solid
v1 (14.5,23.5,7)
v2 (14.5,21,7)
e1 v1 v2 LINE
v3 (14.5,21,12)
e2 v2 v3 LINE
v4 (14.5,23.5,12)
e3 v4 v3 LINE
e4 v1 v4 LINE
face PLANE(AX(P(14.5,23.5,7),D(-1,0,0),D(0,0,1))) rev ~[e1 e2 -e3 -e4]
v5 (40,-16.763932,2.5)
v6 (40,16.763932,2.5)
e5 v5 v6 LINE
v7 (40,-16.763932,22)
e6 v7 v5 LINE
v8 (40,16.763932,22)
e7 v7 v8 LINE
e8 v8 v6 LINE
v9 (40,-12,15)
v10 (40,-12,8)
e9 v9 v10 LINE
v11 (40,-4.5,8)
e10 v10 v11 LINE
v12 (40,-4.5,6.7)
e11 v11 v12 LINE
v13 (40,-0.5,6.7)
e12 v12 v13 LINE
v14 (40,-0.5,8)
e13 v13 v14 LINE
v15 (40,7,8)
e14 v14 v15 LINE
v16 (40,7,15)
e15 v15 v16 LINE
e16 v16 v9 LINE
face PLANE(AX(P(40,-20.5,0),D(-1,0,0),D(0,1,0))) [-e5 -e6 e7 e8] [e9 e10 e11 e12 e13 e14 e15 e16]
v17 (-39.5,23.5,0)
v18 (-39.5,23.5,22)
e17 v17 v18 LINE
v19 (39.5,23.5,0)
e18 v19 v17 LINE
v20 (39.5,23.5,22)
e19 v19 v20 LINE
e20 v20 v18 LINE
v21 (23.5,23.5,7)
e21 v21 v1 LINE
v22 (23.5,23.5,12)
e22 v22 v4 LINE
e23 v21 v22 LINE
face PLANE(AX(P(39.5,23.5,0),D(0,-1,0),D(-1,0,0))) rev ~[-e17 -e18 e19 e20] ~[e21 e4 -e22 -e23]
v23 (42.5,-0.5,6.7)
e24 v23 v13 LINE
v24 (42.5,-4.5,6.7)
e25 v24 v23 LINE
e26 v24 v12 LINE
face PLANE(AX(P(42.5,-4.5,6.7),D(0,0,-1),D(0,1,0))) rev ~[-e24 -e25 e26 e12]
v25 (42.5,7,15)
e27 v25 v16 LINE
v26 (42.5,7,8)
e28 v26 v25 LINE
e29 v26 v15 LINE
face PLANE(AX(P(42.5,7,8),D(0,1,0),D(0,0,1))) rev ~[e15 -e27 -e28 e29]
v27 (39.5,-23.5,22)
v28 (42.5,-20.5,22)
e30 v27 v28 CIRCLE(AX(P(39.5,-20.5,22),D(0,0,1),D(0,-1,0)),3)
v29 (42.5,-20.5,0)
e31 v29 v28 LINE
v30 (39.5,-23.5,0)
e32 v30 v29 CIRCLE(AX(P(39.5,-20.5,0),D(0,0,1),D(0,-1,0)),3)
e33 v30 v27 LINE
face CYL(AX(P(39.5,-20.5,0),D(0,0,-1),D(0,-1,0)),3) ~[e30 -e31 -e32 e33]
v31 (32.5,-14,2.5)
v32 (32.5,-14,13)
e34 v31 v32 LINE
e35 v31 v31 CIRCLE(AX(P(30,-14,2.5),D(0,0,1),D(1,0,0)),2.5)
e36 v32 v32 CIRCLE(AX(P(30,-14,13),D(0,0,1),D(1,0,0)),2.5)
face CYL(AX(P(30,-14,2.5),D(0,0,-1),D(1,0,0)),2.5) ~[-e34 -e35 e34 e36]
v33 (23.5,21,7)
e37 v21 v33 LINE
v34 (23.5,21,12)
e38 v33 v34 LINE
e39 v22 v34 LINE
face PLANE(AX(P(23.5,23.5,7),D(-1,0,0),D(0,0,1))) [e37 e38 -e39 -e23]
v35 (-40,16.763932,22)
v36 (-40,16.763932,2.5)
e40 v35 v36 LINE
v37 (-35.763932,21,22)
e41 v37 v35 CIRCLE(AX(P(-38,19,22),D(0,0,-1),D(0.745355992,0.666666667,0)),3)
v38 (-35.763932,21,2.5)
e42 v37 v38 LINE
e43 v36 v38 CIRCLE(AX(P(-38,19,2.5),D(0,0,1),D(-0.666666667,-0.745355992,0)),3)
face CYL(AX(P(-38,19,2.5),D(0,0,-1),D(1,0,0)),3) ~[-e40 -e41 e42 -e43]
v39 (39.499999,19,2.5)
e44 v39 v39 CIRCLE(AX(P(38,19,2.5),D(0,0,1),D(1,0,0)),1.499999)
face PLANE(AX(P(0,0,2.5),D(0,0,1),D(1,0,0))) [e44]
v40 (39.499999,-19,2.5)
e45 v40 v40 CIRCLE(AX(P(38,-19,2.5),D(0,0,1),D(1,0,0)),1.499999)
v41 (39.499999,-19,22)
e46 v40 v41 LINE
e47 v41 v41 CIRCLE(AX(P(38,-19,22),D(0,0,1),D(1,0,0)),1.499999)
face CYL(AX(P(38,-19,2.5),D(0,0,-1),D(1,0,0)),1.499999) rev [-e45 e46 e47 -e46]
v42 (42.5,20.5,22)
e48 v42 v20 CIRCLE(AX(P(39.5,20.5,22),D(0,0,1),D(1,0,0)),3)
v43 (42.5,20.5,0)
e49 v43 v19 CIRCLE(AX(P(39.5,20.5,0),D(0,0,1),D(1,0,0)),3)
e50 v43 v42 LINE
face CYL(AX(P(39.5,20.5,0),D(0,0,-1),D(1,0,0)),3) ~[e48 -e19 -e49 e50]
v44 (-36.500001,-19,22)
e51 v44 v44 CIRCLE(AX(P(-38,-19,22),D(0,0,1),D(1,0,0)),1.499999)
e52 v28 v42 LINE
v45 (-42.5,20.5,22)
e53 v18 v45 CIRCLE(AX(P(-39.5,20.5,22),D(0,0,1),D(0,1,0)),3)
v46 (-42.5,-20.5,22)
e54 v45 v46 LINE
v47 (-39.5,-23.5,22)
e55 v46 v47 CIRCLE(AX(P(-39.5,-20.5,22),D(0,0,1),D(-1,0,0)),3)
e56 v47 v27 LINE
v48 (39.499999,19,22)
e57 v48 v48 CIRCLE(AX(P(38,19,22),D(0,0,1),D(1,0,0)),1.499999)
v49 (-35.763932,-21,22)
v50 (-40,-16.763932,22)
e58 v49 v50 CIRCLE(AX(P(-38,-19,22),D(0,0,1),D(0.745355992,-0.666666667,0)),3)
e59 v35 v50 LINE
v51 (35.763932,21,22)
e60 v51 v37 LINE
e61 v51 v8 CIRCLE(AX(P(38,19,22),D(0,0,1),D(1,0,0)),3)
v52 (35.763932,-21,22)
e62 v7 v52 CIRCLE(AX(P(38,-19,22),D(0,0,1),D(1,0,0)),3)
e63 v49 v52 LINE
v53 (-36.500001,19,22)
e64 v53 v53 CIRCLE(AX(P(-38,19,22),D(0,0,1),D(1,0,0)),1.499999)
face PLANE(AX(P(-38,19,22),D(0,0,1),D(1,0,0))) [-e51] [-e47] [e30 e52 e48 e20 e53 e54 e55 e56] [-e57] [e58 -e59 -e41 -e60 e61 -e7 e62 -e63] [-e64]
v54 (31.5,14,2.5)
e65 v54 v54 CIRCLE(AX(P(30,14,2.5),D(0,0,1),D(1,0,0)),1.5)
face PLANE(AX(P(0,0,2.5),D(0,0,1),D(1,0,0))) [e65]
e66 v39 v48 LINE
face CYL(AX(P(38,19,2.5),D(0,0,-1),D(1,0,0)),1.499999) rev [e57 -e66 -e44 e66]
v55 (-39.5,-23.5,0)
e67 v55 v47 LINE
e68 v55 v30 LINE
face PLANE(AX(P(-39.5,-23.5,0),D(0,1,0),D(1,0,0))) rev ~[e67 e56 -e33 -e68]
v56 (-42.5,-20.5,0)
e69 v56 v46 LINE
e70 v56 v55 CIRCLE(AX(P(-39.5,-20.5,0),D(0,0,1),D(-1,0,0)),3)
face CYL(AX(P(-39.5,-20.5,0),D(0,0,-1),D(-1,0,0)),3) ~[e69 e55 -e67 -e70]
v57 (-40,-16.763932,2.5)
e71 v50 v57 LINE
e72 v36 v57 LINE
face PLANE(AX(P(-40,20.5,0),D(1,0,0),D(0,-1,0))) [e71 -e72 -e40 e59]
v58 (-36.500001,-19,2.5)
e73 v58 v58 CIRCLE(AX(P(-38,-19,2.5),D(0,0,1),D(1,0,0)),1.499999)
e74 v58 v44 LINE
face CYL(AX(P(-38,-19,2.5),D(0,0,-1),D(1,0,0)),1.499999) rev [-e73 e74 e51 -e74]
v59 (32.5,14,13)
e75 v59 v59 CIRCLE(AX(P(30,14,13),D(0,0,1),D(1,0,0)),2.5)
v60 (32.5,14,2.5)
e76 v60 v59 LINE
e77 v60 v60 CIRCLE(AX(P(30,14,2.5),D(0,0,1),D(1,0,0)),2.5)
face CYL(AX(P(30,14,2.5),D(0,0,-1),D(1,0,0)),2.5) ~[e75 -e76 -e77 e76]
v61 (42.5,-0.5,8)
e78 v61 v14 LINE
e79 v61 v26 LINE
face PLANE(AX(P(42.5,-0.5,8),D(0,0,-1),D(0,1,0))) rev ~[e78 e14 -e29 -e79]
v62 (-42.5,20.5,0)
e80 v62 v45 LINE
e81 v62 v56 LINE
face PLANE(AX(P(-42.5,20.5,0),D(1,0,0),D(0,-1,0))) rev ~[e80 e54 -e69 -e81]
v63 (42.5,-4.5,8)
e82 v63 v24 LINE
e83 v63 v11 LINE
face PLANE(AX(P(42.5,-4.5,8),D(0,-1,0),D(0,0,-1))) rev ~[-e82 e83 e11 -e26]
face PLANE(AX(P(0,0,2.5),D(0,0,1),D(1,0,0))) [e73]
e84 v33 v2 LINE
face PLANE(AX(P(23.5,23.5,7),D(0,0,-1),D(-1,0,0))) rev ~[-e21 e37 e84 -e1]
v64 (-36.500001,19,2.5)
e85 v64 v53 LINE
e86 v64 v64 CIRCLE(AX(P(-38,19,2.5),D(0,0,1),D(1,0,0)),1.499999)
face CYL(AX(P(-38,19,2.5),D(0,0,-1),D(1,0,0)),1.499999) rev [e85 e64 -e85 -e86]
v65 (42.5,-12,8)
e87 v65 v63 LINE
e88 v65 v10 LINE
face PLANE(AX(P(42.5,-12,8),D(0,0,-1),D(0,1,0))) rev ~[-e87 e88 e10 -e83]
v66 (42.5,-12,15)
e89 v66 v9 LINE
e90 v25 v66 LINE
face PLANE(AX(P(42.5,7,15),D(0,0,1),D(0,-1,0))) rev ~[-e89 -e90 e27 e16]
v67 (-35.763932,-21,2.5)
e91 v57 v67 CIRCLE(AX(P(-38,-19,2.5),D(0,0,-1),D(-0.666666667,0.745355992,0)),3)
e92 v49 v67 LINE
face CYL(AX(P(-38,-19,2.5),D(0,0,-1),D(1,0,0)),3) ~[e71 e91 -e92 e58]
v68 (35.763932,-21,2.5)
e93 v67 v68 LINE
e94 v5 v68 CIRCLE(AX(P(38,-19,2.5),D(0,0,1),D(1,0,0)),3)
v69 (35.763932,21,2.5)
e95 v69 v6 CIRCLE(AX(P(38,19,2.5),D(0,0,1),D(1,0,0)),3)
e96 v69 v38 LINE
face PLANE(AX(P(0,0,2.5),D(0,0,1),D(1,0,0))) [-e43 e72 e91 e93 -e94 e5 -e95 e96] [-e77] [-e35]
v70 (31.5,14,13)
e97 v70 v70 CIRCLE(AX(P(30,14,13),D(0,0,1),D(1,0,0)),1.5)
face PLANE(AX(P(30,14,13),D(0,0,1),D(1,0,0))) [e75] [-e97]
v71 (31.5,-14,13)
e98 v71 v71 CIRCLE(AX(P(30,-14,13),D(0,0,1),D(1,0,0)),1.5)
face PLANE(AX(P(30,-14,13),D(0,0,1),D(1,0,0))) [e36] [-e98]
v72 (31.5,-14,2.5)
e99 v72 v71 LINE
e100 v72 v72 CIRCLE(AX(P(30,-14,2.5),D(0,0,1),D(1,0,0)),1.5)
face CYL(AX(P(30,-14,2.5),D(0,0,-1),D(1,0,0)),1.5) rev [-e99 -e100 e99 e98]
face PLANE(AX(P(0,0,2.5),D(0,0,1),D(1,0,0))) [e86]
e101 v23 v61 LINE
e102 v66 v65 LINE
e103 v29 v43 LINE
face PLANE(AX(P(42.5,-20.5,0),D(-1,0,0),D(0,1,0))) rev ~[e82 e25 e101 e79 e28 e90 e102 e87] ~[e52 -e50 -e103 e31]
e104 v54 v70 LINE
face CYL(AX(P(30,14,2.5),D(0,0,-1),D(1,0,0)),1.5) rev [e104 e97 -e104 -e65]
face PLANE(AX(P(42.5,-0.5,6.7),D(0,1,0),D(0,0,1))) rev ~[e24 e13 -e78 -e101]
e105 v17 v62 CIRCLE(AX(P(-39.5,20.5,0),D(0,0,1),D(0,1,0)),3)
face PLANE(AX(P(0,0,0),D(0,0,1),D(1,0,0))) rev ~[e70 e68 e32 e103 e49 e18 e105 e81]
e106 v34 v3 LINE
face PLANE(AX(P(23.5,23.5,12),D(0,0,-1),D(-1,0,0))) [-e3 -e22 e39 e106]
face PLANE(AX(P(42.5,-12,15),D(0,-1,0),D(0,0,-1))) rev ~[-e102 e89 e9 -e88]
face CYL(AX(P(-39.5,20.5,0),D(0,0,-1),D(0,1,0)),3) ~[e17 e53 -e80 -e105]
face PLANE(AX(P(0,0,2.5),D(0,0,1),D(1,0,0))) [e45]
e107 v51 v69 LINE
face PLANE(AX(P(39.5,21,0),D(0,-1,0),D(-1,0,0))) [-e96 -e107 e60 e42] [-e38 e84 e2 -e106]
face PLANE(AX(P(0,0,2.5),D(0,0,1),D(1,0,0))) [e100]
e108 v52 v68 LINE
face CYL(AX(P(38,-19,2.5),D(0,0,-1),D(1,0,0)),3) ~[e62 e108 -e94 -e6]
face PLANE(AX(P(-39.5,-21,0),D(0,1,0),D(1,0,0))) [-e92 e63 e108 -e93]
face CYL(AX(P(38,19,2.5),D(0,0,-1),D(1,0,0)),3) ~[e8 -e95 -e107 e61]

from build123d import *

# Parameters (mm, degrees)
F1_DEPTH  = 22
F2_T      = -2.5
F3_R      = 3
F3_R_2    = 1.4999993145
F4_DEPTH  = 19.5
F6_DEPTH  = 2.5
F7_W      = 9
F7_H      = 5
F8_DEPTH  = 2.5
F9_R      = 2.5
F9_R_2    = 1.5
F10_DEPTH = 10.5


with BuildPart() as f1:
    # F0 (on Top) → F1 (new body)
    with BuildSketch(Plane.XY):
        with BuildLine():
            ThreePointArc((42.5, 20.5), (41.6213203436, 22.6213203436), (39.5, 23.5))
            Line((39.5, 23.5), (-39.5, 23.5))
            ThreePointArc((-39.5, 23.5), (-41.6213203436, 22.6213203436), (-42.5, 20.5))
            Line((-42.5, 20.5), (-42.5, -20.5))
            ThreePointArc((-42.5, -20.5), (-41.6213203436, -22.6213203436), (-39.5, -23.5))
            Line((-39.5, -23.5), (39.5, -23.5))
            ThreePointArc((39.5, -23.5), (41.6213203436, -22.6213203436), (42.5, -20.5))
            Line((42.5, -20.5), (42.5, 20.5))
        make_face()
    extrude(amount=F1_DEPTH)

    # F2
    f2_openings = [f1.faces().sort_by_distance(p)[0] for p in [
        (0, 0, 22),
    ]]
    offset(amount=F2_T, openings=f2_openings)

    # F3 (on face) → F4 (join, through all)
    with BuildSketch(Plane.XY.offset(2.5)):
        with Locations((-38, 19)):
            Circle(F3_R)
        with Locations((-38, 19)):
            Circle(F3_R_2, mode=Mode.SUBTRACT)
        with Locations((38, 19)):
            Circle(F3_R)
        with Locations((38, 19)):
            Circle(F3_R_2, mode=Mode.SUBTRACT)
        with Locations((38, -19)):
            Circle(F3_R)
        with Locations((38, -19)):
            Circle(F3_R_2, mode=Mode.SUBTRACT)
        with Locations((-38, -19)):
            Circle(F3_R)
        with Locations((-38, -19)):
            Circle(F3_R_2, mode=Mode.SUBTRACT)
    extrude(amount=F4_DEPTH)

    # F5 (on face) → F6 (cut, through all)
    with BuildSketch(Plane.YZ.offset(42.5)):
        Polygon((7, 15), (-12, 15), (-12, 8), (-4.5, 8), (-4.5, 6.7), (-0.5, 6.7), (-0.5, 8), (7, 8), align=None)
    extrude(amount=-F6_DEPTH, mode=Mode.SUBTRACT)

    # F7 (on face) → F8 (cut, through all)
    with BuildSketch(Plane(origin=(0, 23.5, 0), x_dir=(-1, 0, 0), z_dir=(0, 1, 0))):
        with Locations((-19, 9.5)):
            Rectangle(F7_W, F7_H)
    extrude(amount=-F8_DEPTH, mode=Mode.SUBTRACT)

    # F9 (on face) → F10 (join)
    with BuildSketch(Plane.XY.offset(2.5)):
        with Locations((30, 14)):
            Circle(F9_R)
        with Locations((30, 14)):
            Circle(F9_R_2, mode=Mode.SUBTRACT)
        with Locations((30, -14)):
            Circle(F9_R)
        with Locations((30, -14)):
            Circle(F9_R_2, mode=Mode.SUBTRACT)
    extrude(amount=F10_DEPTH)


solid = f1.part
